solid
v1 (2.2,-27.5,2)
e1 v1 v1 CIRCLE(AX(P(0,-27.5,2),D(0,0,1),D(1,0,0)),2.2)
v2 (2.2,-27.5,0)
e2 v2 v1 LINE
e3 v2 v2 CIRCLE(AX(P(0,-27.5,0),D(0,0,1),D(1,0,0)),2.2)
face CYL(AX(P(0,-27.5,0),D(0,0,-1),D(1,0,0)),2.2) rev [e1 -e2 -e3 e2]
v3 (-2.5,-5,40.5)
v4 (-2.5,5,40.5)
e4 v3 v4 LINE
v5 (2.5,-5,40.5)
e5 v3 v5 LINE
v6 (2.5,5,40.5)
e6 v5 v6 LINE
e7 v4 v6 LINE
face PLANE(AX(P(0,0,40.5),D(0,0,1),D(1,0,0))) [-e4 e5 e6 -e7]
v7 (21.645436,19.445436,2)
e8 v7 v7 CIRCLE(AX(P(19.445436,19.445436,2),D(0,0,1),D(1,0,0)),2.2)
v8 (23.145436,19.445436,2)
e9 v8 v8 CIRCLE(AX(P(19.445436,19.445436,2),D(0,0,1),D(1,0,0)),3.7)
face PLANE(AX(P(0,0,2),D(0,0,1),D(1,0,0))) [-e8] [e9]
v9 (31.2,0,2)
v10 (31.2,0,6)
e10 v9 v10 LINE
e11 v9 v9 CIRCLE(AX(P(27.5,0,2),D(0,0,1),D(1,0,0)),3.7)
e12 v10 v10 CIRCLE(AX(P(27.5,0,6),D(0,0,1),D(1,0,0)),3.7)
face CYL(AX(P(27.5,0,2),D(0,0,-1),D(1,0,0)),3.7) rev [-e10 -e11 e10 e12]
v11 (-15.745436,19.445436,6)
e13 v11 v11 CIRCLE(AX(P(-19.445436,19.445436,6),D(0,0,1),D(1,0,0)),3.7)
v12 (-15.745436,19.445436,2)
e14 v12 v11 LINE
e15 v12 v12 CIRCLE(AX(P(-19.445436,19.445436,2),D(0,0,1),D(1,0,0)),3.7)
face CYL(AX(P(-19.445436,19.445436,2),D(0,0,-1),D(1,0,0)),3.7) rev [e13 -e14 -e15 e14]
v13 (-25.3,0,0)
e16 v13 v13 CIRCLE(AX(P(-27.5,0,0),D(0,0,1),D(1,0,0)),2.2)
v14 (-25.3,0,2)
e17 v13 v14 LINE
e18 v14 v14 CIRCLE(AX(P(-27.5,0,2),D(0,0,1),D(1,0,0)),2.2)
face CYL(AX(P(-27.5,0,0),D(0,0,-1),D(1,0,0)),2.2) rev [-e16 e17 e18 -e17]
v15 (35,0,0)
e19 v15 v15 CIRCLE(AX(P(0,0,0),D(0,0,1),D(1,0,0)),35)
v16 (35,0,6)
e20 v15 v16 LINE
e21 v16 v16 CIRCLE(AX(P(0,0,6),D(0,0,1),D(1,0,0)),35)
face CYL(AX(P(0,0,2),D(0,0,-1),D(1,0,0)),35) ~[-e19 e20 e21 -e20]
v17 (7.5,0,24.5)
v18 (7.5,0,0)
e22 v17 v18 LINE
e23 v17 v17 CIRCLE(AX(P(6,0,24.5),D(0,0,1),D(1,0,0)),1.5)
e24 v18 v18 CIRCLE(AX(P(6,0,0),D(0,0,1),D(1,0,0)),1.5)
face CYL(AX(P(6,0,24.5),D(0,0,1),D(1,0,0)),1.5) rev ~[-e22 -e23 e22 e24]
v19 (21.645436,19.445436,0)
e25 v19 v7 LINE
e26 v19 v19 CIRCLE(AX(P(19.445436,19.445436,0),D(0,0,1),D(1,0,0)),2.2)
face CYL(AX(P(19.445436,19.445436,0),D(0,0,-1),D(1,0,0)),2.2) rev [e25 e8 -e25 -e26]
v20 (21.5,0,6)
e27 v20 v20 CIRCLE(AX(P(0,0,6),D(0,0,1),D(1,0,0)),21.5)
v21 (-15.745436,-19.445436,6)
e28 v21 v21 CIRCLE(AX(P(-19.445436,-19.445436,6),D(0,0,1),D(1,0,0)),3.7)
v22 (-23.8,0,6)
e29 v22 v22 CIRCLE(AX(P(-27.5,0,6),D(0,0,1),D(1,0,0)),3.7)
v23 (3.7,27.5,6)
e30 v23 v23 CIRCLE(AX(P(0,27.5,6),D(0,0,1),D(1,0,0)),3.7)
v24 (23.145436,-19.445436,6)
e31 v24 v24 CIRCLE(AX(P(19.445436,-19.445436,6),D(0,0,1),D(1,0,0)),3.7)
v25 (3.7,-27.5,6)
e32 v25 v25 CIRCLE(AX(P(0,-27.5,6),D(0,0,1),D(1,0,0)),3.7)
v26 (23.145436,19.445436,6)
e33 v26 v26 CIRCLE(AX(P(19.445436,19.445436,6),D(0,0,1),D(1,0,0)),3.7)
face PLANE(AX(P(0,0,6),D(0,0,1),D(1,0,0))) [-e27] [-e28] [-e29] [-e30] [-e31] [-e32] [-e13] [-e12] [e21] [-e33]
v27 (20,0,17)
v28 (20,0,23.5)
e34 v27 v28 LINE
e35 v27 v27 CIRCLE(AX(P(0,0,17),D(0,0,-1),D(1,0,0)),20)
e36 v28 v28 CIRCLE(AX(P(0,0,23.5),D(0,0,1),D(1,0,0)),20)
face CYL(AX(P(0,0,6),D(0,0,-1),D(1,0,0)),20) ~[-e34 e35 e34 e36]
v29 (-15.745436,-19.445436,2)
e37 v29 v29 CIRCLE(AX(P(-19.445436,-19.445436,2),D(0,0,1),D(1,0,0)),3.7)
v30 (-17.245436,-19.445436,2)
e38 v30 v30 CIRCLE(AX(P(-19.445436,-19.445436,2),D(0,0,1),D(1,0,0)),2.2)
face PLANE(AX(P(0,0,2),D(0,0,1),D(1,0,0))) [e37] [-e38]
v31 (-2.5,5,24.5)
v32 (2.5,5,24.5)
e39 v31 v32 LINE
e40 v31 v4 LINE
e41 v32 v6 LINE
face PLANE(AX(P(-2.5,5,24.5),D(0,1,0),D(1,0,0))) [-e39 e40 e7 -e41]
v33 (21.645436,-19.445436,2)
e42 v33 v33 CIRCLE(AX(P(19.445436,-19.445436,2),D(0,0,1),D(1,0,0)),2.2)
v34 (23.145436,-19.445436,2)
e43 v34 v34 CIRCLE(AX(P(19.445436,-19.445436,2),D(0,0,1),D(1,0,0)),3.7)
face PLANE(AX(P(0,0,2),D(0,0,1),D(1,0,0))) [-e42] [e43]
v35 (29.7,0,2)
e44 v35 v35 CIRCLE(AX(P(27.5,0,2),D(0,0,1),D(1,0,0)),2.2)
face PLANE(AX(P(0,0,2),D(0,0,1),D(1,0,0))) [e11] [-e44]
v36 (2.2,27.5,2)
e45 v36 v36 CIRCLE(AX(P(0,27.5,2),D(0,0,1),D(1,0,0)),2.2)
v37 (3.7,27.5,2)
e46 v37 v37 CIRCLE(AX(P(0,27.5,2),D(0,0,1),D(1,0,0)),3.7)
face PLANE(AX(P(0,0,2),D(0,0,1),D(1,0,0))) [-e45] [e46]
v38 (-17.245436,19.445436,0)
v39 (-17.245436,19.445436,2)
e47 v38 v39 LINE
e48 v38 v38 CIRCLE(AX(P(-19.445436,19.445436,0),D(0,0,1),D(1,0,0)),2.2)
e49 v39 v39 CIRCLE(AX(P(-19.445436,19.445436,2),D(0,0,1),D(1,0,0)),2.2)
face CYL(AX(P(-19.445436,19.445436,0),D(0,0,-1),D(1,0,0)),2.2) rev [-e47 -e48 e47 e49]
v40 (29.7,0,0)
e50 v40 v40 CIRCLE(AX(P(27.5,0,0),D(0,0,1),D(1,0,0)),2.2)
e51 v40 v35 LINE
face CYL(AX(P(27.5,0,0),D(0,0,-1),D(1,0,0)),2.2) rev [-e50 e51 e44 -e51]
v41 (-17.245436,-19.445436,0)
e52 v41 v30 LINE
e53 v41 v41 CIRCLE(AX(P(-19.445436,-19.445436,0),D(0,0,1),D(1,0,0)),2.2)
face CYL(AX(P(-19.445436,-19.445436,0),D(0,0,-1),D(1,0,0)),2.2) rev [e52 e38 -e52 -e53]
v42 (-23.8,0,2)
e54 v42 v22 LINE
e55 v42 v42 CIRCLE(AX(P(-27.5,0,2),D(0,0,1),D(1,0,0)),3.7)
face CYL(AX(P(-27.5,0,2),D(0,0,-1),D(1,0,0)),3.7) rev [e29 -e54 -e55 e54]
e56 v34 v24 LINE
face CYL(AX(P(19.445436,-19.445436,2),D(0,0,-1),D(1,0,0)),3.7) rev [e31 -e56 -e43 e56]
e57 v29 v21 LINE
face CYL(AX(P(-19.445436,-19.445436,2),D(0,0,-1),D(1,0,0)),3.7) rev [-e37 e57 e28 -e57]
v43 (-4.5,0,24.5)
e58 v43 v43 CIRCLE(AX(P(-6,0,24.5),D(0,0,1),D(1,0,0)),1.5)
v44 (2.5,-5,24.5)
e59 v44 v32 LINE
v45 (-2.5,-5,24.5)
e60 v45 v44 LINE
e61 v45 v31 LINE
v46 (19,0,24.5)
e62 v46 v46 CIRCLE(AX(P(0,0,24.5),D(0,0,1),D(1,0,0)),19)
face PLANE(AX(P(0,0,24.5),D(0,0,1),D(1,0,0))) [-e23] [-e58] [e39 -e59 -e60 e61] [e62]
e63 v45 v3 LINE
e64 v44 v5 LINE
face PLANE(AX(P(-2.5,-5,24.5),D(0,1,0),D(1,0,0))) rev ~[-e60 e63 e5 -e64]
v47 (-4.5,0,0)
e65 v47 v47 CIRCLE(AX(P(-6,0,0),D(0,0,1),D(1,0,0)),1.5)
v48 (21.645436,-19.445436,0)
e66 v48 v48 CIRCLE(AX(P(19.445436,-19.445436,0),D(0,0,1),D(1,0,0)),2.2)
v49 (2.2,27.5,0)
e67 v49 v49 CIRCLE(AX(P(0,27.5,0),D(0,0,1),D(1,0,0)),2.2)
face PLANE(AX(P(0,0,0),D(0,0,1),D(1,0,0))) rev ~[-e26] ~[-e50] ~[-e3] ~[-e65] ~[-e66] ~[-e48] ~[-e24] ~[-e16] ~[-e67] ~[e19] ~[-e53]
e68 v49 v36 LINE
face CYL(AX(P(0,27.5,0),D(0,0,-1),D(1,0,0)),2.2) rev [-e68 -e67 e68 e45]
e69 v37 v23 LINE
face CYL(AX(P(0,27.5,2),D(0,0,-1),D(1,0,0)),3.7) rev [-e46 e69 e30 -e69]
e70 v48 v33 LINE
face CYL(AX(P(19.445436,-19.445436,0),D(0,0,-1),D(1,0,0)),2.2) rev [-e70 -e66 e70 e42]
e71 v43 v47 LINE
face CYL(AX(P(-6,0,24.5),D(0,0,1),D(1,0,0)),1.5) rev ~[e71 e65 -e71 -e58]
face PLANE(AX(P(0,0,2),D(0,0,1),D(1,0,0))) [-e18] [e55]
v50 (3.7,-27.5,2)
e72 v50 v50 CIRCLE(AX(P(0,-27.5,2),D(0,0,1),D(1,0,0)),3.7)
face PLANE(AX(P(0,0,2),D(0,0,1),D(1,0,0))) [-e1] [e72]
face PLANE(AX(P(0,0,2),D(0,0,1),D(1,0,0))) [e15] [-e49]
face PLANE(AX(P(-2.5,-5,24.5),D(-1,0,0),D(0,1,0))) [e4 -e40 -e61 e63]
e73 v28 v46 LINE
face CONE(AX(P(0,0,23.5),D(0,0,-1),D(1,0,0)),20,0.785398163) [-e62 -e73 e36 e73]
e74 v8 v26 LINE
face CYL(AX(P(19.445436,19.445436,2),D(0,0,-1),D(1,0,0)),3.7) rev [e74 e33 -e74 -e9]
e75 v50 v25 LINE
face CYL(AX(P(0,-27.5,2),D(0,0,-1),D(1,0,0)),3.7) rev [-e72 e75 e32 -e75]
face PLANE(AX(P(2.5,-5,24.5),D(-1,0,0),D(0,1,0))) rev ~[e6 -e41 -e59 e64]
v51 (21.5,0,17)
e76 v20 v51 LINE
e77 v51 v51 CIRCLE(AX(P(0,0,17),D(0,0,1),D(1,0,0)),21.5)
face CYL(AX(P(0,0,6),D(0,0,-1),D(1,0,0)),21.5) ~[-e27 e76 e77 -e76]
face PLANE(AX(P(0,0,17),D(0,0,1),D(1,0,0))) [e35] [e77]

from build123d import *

# Parameters (mm, degrees)
SKETCH1_R           = 35
SKETCH1_R_2         = 2.2
BOSS_EXTRUDE1_DEPTH = 2
SKETCH2_R           = 35
SKETCH2_R_2         = 3.7
BOSS_EXTRUDE2_DEPTH = 4
SKETCH4_R           = 20
BOSS_EXTRUDE3_DEPTH = 18.5
SKETCH6_W           = 5
SKETCH6_H           = 10
BOSS_EXTRUDE4_DEPTH = 16
SKETCH7_R           = 21.5
BOSS_EXTRUDE5_DEPTH = 11
SKETCH5_R           = 1.5
CUT_EXTRUDE1_DEPTH  = 25.5
CHAMFER1_SIZE       = 1


with BuildPart() as part:
    # Sketch1 → Boss-Extrude1 (new body)
    with BuildSketch(Plane.XY):
        Circle(SKETCH1_R)
        with Locations((0, 27.5)):
            Circle(SKETCH1_R_2, mode=Mode.SUBTRACT)
        with Locations((19.445436483, 19.445436483)):
            Circle(SKETCH1_R_2, mode=Mode.SUBTRACT)
        with Locations((27.5, 0)):
            Circle(SKETCH1_R_2, mode=Mode.SUBTRACT)
        with Locations((19.445436483, -19.445436483)):
            Circle(SKETCH1_R_2, mode=Mode.SUBTRACT)
        with Locations((0, -27.5)):
            Circle(SKETCH1_R_2, mode=Mode.SUBTRACT)
        with Locations((-19.445436483, -19.445436483)):
            Circle(SKETCH1_R_2, mode=Mode.SUBTRACT)
        with Locations((-27.5, 0)):
            Circle(SKETCH1_R_2, mode=Mode.SUBTRACT)
        with Locations((-19.445436483, 19.445436483)):
            Circle(SKETCH1_R_2, mode=Mode.SUBTRACT)
    extrude(amount=BOSS_EXTRUDE1_DEPTH)

    # Sketch2 → Boss-Extrude2 (add)
    with BuildSketch(Plane.XY.offset(2)):
        Circle(SKETCH2_R)
        with Locations((-27.5, 0)):
            Circle(SKETCH2_R_2, mode=Mode.SUBTRACT)
        with Locations((0, -27.5)):
            Circle(SKETCH2_R_2, mode=Mode.SUBTRACT)
        with Locations((27.5, 0)):
            Circle(SKETCH2_R_2, mode=Mode.SUBTRACT)
        with Locations((0, 27.5)):
            Circle(SKETCH2_R_2, mode=Mode.SUBTRACT)
        with Locations((19.445436483, 19.445436483)):
            Circle(SKETCH2_R_2, mode=Mode.SUBTRACT)
        with Locations((19.445436483, -19.445436483)):
            Circle(SKETCH2_R_2, mode=Mode.SUBTRACT)
        with Locations((-19.445436483, -19.445436483)):
            Circle(SKETCH2_R_2, mode=Mode.SUBTRACT)
        with Locations((-19.445436483, 19.445436483)):
            Circle(SKETCH2_R_2, mode=Mode.SUBTRACT)
    extrude(amount=BOSS_EXTRUDE2_DEPTH)

    # Sketch4 → Boss-Extrude3 (add)
    with BuildSketch(Plane.XY.offset(6)):
        Circle(SKETCH4_R)
    extrude(amount=BOSS_EXTRUDE3_DEPTH)

    # Sketch6 → Boss-Extrude4 (add)
    with BuildSketch(Plane.XY.offset(24.5)):
        Rectangle(SKETCH6_W, SKETCH6_H)
    extrude(amount=BOSS_EXTRUDE4_DEPTH)

    # Sketch7 → Boss-Extrude5 (add)
    with BuildSketch(Plane.XY.offset(6)):
        Circle(SKETCH7_R)
    extrude(amount=BOSS_EXTRUDE5_DEPTH)

    # Sketch5 → Cut-Extrude1 (cut, through all)
    with BuildSketch(Plane.XY.offset(24.5)):
        with Locations((-6, 0)):
            Circle(SKETCH5_R)
        with Locations((6, 0)):
            Circle(SKETCH5_R)
    extrude(amount=-CUT_EXTRUDE1_DEPTH, mode=Mode.SUBTRACT)

    # Chamfer1
    chamfer1_edges = [part.edges().sort_by_distance(p)[0] for p in [
        (-20, 0, 24.5),
    ]]
    chamfer(chamfer1_edges, length=CHAMFER1_SIZE)


solid = part.part
